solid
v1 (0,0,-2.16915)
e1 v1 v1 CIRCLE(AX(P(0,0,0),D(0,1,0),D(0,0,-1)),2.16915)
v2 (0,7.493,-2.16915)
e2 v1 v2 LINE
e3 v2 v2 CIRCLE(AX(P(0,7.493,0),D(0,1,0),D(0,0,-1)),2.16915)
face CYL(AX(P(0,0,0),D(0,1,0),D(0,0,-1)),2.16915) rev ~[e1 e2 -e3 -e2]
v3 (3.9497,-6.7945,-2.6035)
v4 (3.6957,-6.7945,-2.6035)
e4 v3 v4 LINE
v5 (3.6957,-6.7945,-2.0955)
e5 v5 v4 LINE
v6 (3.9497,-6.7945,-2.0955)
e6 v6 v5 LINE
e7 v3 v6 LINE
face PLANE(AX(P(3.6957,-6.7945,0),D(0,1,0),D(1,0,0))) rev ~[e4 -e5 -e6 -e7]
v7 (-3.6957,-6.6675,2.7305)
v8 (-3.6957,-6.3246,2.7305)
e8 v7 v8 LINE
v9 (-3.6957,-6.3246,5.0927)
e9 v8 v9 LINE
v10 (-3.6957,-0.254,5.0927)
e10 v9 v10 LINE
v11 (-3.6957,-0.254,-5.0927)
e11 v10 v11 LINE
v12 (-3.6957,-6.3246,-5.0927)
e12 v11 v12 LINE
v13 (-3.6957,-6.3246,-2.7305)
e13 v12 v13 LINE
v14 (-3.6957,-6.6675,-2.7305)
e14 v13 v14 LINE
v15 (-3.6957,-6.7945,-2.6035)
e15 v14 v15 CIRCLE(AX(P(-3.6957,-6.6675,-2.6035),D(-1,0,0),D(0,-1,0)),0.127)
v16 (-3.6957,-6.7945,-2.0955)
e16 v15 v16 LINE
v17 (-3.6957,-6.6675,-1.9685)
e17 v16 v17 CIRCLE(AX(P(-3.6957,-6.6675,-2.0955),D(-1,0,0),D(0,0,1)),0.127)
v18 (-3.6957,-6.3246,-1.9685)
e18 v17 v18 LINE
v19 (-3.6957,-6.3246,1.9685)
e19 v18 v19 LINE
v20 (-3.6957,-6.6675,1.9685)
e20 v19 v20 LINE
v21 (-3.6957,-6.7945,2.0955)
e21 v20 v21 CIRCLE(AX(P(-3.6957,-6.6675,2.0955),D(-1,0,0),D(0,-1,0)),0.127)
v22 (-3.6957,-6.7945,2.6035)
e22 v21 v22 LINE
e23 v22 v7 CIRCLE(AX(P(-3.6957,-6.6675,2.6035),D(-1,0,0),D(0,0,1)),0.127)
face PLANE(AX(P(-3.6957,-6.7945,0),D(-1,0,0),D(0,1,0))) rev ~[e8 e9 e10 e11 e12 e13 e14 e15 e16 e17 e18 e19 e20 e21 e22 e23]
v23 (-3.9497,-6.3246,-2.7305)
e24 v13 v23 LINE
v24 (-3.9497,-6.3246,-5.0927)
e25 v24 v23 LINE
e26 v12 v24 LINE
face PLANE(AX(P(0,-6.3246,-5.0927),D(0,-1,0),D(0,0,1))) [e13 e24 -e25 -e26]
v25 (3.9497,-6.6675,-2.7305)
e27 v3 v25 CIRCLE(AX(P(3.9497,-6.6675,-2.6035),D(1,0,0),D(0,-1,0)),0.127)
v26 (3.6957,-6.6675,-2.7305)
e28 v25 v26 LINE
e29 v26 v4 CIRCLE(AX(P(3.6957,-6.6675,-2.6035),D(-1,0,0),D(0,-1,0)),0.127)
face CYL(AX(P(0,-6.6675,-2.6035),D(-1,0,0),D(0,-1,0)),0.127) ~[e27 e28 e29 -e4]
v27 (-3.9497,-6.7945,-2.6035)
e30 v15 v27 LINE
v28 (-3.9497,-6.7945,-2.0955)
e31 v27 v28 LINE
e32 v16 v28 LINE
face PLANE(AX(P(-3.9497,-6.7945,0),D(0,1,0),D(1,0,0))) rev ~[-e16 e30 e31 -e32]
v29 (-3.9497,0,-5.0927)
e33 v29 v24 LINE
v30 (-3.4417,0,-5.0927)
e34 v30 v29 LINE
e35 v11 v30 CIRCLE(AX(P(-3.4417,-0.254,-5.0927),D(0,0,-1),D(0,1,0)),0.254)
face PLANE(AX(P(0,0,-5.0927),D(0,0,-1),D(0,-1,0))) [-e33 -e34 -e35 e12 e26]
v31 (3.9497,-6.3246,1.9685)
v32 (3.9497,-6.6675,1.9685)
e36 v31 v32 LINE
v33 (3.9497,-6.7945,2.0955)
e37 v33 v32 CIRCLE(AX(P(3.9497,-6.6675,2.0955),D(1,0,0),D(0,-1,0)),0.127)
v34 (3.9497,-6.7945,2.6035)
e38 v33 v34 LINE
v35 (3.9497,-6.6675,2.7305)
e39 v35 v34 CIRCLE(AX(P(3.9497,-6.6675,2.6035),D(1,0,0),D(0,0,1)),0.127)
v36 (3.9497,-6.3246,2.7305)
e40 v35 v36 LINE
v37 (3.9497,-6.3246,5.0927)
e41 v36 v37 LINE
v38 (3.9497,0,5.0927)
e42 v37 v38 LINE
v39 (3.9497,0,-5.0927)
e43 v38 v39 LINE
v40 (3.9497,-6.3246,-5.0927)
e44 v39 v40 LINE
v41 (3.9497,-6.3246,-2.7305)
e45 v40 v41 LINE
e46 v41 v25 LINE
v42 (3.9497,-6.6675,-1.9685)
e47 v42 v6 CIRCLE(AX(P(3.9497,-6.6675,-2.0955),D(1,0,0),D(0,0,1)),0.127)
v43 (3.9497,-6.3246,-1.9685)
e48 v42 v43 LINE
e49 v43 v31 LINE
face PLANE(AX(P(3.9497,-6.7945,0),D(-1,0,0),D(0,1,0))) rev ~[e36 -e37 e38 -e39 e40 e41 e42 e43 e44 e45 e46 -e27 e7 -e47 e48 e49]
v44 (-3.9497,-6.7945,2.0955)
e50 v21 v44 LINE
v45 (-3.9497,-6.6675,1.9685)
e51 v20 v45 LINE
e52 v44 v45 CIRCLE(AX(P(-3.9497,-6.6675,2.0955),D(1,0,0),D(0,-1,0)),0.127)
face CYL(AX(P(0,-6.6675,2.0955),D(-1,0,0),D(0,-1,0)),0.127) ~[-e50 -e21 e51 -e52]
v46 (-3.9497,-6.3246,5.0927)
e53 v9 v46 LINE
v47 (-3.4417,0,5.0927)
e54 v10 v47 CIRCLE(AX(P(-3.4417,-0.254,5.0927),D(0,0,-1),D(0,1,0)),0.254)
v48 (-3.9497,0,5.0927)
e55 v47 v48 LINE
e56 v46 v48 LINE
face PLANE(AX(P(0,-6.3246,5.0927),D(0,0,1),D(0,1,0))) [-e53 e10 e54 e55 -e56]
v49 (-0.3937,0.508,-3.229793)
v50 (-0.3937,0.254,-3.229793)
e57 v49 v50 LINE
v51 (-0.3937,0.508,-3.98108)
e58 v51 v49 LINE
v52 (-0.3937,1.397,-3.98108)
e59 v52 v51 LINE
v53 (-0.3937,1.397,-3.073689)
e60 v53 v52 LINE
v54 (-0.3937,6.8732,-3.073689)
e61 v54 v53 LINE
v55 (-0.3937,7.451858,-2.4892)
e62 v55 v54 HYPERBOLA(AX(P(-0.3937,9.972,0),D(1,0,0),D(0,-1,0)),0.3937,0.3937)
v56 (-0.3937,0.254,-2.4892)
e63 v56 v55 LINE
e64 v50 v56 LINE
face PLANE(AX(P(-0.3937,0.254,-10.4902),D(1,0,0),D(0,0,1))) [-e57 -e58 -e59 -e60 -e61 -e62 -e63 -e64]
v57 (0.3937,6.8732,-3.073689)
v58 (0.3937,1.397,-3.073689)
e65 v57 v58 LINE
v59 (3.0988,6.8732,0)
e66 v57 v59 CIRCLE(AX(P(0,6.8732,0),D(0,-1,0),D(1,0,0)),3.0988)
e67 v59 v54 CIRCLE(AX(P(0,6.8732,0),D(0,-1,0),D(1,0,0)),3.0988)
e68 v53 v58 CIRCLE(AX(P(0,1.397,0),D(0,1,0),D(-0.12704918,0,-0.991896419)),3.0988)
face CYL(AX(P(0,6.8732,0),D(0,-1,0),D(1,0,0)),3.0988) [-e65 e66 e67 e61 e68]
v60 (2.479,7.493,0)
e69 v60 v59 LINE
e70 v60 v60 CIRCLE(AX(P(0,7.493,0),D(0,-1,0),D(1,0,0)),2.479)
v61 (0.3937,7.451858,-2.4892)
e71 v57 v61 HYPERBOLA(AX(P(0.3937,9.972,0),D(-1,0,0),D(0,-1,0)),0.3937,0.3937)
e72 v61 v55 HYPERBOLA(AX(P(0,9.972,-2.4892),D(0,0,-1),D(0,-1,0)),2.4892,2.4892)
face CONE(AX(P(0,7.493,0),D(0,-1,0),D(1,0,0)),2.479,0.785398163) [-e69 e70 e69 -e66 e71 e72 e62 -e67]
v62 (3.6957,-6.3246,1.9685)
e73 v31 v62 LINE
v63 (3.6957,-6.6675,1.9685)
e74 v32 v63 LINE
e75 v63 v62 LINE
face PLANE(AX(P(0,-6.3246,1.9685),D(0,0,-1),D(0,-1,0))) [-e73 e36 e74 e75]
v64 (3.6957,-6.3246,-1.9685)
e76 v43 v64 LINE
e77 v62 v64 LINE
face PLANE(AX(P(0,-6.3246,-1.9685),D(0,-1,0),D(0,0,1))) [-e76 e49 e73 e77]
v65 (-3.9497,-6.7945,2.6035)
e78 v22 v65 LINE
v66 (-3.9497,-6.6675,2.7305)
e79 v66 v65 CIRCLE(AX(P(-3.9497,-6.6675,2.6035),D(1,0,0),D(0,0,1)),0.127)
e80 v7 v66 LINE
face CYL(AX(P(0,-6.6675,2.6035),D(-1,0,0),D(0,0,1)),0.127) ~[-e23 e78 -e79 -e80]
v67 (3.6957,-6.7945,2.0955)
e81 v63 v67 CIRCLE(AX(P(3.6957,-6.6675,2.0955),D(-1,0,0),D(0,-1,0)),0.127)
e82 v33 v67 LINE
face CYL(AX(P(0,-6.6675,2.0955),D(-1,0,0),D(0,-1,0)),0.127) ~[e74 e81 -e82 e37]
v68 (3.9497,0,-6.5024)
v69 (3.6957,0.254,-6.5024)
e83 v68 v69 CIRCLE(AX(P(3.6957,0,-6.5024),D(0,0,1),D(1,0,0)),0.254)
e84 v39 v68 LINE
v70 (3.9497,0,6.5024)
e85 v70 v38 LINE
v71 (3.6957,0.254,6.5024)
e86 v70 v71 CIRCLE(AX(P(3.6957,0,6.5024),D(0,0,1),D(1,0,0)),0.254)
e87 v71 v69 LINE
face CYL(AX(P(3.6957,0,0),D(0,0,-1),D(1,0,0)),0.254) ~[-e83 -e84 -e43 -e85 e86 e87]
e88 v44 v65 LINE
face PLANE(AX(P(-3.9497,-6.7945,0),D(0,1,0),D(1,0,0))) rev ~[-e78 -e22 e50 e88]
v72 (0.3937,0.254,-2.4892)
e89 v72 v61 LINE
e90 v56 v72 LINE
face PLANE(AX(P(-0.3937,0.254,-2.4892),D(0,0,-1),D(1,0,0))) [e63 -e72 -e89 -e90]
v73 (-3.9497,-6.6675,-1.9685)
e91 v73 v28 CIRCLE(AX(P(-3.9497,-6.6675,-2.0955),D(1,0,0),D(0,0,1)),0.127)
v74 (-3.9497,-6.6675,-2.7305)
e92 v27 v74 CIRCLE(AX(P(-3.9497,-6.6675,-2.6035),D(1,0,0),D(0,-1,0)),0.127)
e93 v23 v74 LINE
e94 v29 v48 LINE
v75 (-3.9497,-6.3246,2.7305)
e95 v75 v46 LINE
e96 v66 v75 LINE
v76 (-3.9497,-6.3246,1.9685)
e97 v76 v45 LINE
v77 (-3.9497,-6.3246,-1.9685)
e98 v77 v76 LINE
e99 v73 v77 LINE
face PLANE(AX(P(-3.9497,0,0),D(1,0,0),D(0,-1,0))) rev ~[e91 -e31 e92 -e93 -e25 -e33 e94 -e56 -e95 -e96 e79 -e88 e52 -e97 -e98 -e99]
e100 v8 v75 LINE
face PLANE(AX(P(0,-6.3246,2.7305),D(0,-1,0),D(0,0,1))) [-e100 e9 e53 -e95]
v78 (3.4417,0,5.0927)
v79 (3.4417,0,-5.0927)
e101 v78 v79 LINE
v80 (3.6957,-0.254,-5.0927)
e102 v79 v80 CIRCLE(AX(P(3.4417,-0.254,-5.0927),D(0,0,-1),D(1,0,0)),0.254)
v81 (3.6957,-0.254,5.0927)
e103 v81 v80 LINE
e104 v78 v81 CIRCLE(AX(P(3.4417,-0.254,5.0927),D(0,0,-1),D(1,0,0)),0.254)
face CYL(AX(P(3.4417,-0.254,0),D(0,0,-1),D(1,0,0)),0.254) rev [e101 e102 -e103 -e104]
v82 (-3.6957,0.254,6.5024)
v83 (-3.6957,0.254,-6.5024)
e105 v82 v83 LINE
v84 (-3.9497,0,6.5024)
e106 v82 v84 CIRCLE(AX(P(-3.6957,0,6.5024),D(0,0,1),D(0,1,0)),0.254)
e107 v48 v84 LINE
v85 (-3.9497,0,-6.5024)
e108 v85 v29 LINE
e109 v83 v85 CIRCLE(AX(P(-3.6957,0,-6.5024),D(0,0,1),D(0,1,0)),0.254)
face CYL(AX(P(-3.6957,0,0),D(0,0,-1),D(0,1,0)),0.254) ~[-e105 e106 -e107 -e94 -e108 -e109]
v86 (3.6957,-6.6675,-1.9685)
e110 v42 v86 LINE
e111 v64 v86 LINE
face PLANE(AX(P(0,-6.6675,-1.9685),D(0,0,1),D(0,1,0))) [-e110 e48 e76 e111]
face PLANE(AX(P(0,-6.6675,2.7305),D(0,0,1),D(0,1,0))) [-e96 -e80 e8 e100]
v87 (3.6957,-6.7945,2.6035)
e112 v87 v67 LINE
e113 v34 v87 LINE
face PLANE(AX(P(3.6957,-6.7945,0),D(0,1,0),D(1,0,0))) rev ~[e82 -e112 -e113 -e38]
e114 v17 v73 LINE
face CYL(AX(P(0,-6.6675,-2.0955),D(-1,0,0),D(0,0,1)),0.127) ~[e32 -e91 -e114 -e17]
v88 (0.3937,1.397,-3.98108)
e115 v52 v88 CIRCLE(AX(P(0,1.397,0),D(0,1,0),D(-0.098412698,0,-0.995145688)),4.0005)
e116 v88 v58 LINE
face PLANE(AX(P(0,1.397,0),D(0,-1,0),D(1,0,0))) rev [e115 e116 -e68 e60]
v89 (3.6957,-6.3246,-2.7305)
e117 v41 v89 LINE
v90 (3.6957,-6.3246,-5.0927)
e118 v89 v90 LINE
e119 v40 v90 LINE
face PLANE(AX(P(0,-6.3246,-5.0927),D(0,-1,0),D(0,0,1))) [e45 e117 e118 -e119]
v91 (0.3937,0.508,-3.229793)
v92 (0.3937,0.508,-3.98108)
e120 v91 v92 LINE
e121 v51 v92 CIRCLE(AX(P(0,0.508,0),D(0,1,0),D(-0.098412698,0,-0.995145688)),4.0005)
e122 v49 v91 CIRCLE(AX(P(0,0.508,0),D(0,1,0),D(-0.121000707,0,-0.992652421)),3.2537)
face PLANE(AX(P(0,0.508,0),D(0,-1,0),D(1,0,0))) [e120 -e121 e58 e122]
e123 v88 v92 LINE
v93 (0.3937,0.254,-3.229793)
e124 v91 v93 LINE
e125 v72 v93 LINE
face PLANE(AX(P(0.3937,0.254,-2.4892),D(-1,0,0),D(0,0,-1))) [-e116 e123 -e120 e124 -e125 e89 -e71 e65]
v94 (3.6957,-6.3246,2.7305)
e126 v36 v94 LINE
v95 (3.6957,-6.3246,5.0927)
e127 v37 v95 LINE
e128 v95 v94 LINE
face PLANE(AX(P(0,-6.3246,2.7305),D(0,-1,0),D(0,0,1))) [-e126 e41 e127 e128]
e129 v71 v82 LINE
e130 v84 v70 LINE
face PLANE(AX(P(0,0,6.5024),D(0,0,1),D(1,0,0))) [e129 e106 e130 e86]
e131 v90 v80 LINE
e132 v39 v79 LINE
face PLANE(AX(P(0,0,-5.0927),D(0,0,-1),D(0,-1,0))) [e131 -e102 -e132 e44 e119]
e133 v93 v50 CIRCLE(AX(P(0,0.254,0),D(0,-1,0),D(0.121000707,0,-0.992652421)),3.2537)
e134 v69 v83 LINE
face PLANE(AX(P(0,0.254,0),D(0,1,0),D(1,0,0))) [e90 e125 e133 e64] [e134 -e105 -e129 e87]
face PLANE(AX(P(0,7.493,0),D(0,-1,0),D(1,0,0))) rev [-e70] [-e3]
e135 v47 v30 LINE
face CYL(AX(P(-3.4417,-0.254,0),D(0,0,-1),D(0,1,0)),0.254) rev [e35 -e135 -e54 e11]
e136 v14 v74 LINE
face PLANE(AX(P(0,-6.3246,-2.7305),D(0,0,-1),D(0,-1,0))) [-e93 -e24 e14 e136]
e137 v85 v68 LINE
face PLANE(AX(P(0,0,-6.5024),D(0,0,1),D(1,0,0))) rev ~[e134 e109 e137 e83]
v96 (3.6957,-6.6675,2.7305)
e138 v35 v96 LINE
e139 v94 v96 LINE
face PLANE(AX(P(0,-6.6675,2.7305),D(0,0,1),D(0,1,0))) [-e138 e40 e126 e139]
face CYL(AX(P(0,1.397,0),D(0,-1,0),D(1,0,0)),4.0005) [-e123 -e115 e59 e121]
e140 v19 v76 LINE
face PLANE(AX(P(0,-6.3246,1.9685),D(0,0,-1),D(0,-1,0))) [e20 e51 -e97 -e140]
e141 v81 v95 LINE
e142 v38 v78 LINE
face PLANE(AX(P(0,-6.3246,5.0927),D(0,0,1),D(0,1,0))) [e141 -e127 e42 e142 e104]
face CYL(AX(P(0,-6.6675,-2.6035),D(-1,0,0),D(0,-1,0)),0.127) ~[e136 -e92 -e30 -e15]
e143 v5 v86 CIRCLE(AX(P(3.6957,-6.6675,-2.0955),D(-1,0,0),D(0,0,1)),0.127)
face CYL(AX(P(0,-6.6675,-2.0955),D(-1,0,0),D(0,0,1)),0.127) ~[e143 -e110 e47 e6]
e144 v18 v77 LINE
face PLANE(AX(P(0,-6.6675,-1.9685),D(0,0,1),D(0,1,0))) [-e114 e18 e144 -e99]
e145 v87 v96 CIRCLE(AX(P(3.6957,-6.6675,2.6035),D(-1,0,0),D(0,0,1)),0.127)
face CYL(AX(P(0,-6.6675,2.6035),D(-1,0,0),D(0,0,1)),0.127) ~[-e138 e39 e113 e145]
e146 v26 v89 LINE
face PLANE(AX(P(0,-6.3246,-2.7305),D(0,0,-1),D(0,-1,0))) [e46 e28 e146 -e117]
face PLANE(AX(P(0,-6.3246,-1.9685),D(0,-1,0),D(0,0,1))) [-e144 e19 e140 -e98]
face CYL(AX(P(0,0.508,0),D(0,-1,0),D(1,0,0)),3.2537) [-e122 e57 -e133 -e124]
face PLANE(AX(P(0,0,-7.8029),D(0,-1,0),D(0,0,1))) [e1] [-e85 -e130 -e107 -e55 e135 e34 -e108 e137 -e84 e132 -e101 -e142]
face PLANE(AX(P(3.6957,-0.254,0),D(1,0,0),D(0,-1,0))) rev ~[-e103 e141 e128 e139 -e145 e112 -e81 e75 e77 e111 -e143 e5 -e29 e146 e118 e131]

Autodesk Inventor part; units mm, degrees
sketch "Sketch_1" plane through (0, 0, 0) normal (0, 0, 1) x (1, 0, 0)
  line L0 (-3.9497, 0) -> (-3.9497, -6.7945)
  line L1 (-3.9497, -6.7945) -> (-3.6957, -6.7945)
  line L2 (-3.6957, -6.7945) -> (-3.6957, -0.254)
  arc A0 (-3.4417, 0) -> (-3.6957, -0.254) centre (-3.4417, -0.254) ccw
  line L3 (-3.4417, 0) -> (3.4417, 0)
  arc A1 (3.6957, -0.254) -> (3.4417, 0) centre (3.4417, -0.254) ccw
  line L4 (3.6957, -0.254) -> (3.6957, -6.7945)
  line L5 (3.6957, -6.7945) -> (3.9497, -6.7945)
  line L6 (3.9497, -6.7945) -> (3.9497, 0)
  arc A2 (3.9497, 0) -> (3.6957, 0.254) centre (3.6957, 0) ccw
  line L7 (3.6957, 0.254) -> (-3.6957, 0.254)
  arc A3 (-3.6957, 0.254) -> (-3.9497, 0) centre (-3.6957, 0) ccw
extrude "Extrusion1" add sketch "Sketch_1" along normal mid plane 13.0048
sketch "Sketch_2" plane through (0, 0, 0) normal (1, 0, 0) x (0, 1, 0)
  line L0 (0, 7.8029) -> (-9.398, 7.8029)
  line L1 (-9.398, 7.8029) -> (-9.398, -7.8029)
  line L2 (-9.398, -7.8029) -> (0, -7.8029)
  line L3 (0, -7.8029) -> (0, -5.0927)
  line L4 (0, -5.0927) -> (-6.3246, -5.0927)
  line L5 (-6.3246, -5.0927) -> (-6.3246, -2.7305)
  line L6 (-6.3246, -2.7305) -> (-6.6675, -2.7305)
  arc A0 (-6.7945, -2.6035) -> (-6.6675, -2.7305) centre (-6.6675, -2.6035) ccw
  line L7 (-6.7945, -2.6035) -> (-6.7945, -2.0955)
  arc A1 (-6.6675, -1.9685) -> (-6.7945, -2.0955) centre (-6.6675, -2.0955) ccw
  line L8 (-6.6675, -1.9685) -> (-6.3246, -1.9685)
  line L9 (-6.3246, -1.9685) -> (-6.3246, 1.9685)
  line L10 (-6.3246, 1.9685) -> (-6.6675, 1.9685)
  arc A2 (-6.7945, 2.0955) -> (-6.6675, 1.9685) centre (-6.6675, 2.0955) ccw
  line L11 (-6.7945, 2.0955) -> (-6.7945, 2.6035)
  arc A3 (-6.6675, 2.7305) -> (-6.7945, 2.6035) centre (-6.6675, 2.6035) ccw
  line L12 (-6.6675, 2.7305) -> (-6.3246, 2.7305)
  line L13 (-6.3246, 2.7305) -> (-6.3246, 5.0927)
  line L14 (-6.3246, 5.0927) -> (0, 5.0927)
  line L15 (0, 5.0927) -> (0, 7.8029)
extrude "Extrusion2" cut sketch "Sketch_2" along normal mid plane 7.8994
sketch "Sketch_7" plane through (0, 0, 0) normal (0, 0, 1) x (1, 0, 0)
  line L0 (0, 0.127) -> (0, 7.493)
  line L1 (0, 7.493) -> (2.479, 7.493)
  line L2 (2.479, 7.493) -> (3.0988, 6.8732)
  line L3 (3.0988, 6.8732) -> (3.0988, 1.397)
  line L4 (3.0988, 1.397) -> (4.0005, 1.397)
  line L5 (4.0005, 1.397) -> (4.0005, 0.508)
  line L6 (4.0005, 0.508) -> (3.2537, 0.508)
  line L7 (3.2537, 0.508) -> (3.2537, 0.127)
  line L8 (3.2537, 0.127) -> (0, 0.127)
  line L9 (0, 0.127) -> (0, 7.493)
revolve "Revolution1" add sketch "Sketch_7" angle 360 about axis through (0, 0.127, 0) along (0, -1, 0)
sketch "Sketch_8" plane through (0, 0.254, 0) normal (0, 1, 0) x (1, 0, 0)
  line L0 (-0.3937, 2.4892) -> (0.3937, 2.4892)
  line L1 (0.3937, 2.4892) -> (0.3937, 10.4902)
  line L2 (0.3937, 10.4902) -> (-0.3937, 10.4902)
  line L3 (-0.3937, 10.4902) -> (-0.3937, 2.4892)
extrude "Extrusion3" cut sketch "Sketch_8" along normal blind 7.8232
sketch "Sketch5" plane through (-3.9497, 0, -6.5024) normal (0, -1, 0) x (1, 0, 0)
  point P0 (3.9497, 6.5024)
hole "Drilling 1" at (0, 0, 0) direction (0, 1, 0) diameter 4.3383 depth 7.747
ref_plane "1_XY" through (0, 5.6896, 0) normal (0, 1, 0) x (1, 0, 0)
ref_plane "1_YZ" through (0, 5.6896, 0) normal (1, 0, 0) x (0, 0, -1)
ref_plane "1_ZX" through (0, 5.6896, 0) normal (0, 0, -1) x (0, 1, 0)
ref_plane "2_XY" through (0, 4.2672, 0) normal (0, 1, 0) x (1, 0, 0)
ref_plane "2_YZ" through (0, 4.2672, 0) normal (1, 0, 0) x (0, 0, -1)
ref_plane "2_ZX" through (0, 4.2672, 0) normal (0, 0, -1) x (0, 1, 0)
ref_plane "3_XY" through (0, 2.8448, 0) normal (0, 1, 0) x (1, 0, 0)
ref_plane "3_YZ" through (0, 2.8448, 0) normal (1, 0, 0) x (0, 0, -1)
ref_plane "3_ZX" through (0, 2.8448, 0) normal (0, 0, -1) x (0, 1, 0)
ref_plane "4_XY" through (0, 1.778, 0) normal (0, 1, 0) x (1, 0, 0)
ref_plane "4_YZ" through (0, 1.778, 0) normal (1, 0, 0) x (0, 0, -1)
ref_plane "4_ZX" through (0, 1.778, 0) normal (0, 0, -1) x (0, 1, 0)
ref_plane "to_base_XY" through (0, 0, 0) normal (0, 1, 0) x (1, 0, 0)
ref_plane "to_base_YZ" through (0, 0, 0) normal (1, 0, 0) x (0, 0, -1)
ref_plane "to_base_ZX" through (0, 0, 0) normal (0, 0, -1) x (0, 1, 0)
properties part number "M201A2M201BR-bushing"
